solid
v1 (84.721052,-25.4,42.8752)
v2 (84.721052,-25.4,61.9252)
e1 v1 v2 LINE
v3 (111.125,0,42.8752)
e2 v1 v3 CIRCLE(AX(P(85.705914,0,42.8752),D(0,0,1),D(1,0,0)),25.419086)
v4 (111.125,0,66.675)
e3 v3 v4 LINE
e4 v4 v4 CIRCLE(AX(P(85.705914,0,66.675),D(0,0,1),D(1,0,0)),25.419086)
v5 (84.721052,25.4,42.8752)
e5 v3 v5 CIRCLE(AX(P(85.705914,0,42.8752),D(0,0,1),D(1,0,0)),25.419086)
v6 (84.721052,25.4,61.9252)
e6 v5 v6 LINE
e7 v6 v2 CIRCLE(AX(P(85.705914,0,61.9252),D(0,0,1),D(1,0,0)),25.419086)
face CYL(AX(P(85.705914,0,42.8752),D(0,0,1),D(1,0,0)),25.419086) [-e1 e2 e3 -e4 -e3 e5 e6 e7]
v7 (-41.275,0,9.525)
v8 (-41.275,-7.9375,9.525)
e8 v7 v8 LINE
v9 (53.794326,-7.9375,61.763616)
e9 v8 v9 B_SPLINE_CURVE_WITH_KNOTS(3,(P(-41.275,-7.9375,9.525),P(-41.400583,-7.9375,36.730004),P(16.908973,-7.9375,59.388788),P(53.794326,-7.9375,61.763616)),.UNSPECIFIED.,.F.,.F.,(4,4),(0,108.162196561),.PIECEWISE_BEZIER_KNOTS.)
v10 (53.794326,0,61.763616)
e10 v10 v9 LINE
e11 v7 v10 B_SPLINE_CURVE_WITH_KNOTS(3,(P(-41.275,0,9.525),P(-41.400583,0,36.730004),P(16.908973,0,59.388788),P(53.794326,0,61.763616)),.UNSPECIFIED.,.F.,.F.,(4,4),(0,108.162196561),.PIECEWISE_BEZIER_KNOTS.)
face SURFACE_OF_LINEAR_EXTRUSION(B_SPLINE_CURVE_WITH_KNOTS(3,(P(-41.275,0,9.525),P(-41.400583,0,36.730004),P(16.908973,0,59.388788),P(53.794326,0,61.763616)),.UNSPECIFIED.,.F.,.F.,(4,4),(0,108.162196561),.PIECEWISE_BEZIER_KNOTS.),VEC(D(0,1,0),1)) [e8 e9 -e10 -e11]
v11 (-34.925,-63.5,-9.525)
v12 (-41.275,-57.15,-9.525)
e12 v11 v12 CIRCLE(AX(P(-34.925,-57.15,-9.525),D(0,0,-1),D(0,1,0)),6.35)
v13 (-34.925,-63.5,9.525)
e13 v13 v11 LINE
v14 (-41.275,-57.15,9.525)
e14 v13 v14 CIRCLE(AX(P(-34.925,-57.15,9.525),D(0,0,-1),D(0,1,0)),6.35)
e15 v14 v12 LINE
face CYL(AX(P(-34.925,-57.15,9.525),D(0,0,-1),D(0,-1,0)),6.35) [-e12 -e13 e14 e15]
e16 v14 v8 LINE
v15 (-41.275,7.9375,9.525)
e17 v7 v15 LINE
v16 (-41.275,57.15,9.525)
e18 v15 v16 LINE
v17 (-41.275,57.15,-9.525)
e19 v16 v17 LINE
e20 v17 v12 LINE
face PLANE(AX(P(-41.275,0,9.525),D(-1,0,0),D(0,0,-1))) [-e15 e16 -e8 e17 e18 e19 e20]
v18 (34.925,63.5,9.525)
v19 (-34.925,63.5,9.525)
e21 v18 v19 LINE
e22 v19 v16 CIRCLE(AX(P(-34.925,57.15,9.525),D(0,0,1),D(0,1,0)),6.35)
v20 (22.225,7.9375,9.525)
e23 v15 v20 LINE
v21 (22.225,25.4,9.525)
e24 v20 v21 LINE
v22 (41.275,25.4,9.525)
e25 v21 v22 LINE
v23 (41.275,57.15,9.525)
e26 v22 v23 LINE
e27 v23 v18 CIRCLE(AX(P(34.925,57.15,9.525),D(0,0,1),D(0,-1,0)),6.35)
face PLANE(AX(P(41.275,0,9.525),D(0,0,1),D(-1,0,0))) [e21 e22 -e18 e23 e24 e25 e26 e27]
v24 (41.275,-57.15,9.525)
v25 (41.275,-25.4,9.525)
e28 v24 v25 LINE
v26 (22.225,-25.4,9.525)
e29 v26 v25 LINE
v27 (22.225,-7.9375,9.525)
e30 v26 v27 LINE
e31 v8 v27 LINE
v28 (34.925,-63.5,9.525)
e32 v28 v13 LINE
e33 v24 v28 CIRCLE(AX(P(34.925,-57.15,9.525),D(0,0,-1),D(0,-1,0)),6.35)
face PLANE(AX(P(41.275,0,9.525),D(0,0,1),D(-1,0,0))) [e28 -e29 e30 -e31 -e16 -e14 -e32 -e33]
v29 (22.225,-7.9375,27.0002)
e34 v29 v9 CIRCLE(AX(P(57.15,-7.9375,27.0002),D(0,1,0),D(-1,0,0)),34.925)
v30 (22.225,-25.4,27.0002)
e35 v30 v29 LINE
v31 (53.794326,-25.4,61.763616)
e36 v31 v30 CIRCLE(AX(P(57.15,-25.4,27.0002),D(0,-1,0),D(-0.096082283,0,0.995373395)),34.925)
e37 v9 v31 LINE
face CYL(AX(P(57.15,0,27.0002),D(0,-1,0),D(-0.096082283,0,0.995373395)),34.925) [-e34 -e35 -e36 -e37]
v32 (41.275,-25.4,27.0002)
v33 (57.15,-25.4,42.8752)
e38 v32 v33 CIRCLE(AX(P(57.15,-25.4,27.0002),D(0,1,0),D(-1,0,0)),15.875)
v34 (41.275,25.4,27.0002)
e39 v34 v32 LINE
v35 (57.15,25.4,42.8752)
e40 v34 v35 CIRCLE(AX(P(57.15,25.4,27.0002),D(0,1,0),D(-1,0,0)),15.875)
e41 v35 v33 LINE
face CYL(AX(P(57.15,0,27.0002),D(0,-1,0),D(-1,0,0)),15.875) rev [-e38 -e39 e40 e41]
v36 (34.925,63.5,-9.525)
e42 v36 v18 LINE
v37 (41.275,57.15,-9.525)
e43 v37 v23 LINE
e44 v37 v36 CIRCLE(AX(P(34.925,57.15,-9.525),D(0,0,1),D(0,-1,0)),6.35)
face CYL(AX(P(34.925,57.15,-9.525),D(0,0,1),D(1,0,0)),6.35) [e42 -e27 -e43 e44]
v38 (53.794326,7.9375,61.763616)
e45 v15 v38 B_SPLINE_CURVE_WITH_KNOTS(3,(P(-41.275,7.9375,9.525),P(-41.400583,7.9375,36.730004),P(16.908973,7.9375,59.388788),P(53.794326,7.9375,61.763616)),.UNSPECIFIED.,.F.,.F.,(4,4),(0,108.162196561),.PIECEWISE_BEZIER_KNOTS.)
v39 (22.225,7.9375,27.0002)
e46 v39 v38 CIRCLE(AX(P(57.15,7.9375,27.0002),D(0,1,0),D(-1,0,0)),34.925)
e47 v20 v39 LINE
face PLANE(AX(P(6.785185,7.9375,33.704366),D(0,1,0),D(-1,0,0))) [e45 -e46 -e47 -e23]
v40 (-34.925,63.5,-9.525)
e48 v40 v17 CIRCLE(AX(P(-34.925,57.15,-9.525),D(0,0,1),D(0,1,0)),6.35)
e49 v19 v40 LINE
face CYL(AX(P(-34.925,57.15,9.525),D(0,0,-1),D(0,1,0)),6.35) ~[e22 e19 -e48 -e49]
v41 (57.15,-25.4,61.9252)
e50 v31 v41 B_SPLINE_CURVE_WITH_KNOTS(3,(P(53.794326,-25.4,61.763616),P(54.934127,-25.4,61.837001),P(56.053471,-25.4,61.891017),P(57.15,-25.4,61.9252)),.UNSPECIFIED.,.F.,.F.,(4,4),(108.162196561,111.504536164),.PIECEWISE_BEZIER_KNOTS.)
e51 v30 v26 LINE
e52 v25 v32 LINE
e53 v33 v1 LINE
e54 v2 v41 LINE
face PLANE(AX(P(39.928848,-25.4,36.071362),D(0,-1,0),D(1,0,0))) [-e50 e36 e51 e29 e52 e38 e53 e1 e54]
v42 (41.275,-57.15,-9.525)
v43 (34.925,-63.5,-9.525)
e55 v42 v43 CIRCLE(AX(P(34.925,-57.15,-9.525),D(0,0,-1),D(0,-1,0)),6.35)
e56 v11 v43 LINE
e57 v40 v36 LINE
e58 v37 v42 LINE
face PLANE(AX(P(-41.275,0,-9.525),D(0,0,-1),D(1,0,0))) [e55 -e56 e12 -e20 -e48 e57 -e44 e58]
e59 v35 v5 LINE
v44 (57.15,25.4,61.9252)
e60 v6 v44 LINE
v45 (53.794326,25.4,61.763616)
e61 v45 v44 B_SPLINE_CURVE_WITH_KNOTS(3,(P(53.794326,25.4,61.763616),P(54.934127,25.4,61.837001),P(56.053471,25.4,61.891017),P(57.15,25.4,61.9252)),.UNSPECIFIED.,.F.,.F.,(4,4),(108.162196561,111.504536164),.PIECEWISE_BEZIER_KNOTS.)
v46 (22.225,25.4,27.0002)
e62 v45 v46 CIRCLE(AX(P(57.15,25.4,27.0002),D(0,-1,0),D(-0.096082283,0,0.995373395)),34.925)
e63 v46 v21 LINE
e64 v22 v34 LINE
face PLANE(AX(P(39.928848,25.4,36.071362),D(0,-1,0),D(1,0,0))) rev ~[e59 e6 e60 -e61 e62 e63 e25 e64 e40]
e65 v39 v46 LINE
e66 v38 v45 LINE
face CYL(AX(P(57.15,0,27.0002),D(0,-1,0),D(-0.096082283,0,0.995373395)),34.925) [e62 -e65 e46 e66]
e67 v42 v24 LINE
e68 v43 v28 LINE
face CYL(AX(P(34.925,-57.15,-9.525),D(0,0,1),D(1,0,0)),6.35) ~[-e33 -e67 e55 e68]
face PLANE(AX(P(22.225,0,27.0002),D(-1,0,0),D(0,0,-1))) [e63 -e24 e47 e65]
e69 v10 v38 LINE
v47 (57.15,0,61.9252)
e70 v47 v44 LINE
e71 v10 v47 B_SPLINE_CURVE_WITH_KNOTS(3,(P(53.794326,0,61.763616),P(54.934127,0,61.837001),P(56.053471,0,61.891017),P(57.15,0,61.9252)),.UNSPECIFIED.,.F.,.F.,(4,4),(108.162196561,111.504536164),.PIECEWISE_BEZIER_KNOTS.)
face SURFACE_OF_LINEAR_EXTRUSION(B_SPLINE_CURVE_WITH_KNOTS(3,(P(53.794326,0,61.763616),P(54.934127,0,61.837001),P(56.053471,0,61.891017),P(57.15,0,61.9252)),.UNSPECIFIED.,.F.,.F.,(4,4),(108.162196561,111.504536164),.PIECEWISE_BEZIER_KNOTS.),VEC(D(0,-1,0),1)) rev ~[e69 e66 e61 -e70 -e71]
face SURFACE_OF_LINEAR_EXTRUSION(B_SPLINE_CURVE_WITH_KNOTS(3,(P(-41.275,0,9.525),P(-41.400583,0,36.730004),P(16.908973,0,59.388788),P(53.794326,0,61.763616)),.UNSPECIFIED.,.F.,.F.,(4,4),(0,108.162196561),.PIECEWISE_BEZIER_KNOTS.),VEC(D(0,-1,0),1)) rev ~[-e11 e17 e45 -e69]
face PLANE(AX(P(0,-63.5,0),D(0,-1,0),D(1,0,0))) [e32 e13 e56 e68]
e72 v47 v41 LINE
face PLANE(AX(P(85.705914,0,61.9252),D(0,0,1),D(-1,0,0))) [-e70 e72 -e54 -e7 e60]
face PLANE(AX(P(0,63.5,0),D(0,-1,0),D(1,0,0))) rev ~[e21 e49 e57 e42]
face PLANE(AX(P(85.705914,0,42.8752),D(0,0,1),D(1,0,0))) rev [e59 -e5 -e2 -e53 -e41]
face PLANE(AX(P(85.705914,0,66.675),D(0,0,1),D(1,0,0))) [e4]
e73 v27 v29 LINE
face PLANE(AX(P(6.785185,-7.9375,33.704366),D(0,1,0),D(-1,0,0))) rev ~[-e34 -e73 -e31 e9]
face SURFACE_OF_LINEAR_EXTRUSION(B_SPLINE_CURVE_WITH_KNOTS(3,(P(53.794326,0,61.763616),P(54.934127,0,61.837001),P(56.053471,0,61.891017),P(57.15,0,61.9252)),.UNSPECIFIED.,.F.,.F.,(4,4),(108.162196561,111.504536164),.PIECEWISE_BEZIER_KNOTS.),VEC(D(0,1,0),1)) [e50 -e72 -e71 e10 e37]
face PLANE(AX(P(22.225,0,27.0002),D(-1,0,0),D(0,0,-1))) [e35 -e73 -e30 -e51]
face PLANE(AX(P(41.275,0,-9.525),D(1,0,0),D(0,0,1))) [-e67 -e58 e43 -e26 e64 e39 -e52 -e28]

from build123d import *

# Parameters (mm, degrees)
F0_W     = 25.3809136033
F0_H     = 19.05
F1_DEPTH = 25.4
F2_DEPTH = 63.5
F3_DEPTH = 7.9375
F5_R     = 6.35


with BuildPart() as f1:
    # F0 (on Front) → F1 (new body, symmetric)
    with BuildSketch(Plane.XZ):
        with BuildLine():
            Line((22.225, 9.525), (41.275, 9.525))
            Line((41.275, 9.525), (41.275, 27.0002))
            ThreePointArc((41.275, 27.0002), (45.9246798487, 38.2255201513), (57.15, 42.8752))
            Line((57.15, 42.8752), (60.325, 42.8752))
            Line((60.325, 42.8752), (60.325, 61.9252))
            Line((60.325, 61.9252), (57.15, 61.9252))
            add(Edge.make_bspline(
                [(53.7943262834, 61.7636158119), (54.934127265, 61.8370008036), (56.0534706406, 61.8910169909), (57.15, 61.9252)],
                knots=[108.1621965606, 108.1621965606, 108.1621965606, 108.1621965606, 111.5045361635, 111.5045361635, 111.5045361635, 111.5045361635], degree=3))
            ThreePointArc((53.7943262834, 61.7636158119), (31.2950920563, 50.4795390074), (22.225, 27.0002))
            Line((22.225, 27.0002), (22.225, 9.525))
        make_face()
        with Locations((73.0154568017, 52.4002)):
            Rectangle(F0_W, F0_H)
    extrude(amount=F1_DEPTH, both=True)

    # F0 (on Front) → F2 (join, symmetric)
    with BuildSketch(Plane.XZ):
        Polygon((-41.275, 9.525), (-41.275, -9.525), (41.275, -9.525), (41.275, 9.525), (22.225, 9.525), align=None)
    extrude(amount=F2_DEPTH, both=True)

    # F0 (on Front) → F3 (join, symmetric)
    with BuildSketch(Plane.XZ):
        with BuildLine():
            add(Edge.make_bspline(
                [(-41.275, 9.525), (-41.4005826971, 36.730003512), (16.9089727739, 59.3887877429), (53.7943262834, 61.7636158119)],
                knots=[0, 0, 0, 0, 108.1621965606, 108.1621965606, 108.1621965606, 108.1621965606], degree=3))
            Line((-41.275, 9.525), (22.225, 9.525))
            Line((22.225, 9.525), (22.225, 27.0002))
            ThreePointArc((22.225, 27.0002), (31.2950920563, 50.4795390074), (53.7943262834, 61.7636158119))
        make_face()
    extrude(amount=F3_DEPTH, both=True)

    # F0 (on Front) → F4 (revolve)
    with BuildSketch(Plane.XZ):
        Polygon((85.7059136033, 66.675), (85.7059136033, 61.9252), (85.7059136033, 42.8752), (111.125, 42.8752), (111.125, 66.675), align=None)
    revolve(axis=Axis((85.7059136033, 0, 54.7751), (0, 0, 1)))

    # F5
    f5_edges = [f1.edges().sort_by_distance(p)[0] for p in [
        (41.275, -63.5, 0),
        (-41.275, -63.5, 0),
        (41.275, 63.5, 0),
        (-41.275, 63.5, 0),
    ]]
    fillet(f5_edges, radius=F5_R)


solid = f1.part
